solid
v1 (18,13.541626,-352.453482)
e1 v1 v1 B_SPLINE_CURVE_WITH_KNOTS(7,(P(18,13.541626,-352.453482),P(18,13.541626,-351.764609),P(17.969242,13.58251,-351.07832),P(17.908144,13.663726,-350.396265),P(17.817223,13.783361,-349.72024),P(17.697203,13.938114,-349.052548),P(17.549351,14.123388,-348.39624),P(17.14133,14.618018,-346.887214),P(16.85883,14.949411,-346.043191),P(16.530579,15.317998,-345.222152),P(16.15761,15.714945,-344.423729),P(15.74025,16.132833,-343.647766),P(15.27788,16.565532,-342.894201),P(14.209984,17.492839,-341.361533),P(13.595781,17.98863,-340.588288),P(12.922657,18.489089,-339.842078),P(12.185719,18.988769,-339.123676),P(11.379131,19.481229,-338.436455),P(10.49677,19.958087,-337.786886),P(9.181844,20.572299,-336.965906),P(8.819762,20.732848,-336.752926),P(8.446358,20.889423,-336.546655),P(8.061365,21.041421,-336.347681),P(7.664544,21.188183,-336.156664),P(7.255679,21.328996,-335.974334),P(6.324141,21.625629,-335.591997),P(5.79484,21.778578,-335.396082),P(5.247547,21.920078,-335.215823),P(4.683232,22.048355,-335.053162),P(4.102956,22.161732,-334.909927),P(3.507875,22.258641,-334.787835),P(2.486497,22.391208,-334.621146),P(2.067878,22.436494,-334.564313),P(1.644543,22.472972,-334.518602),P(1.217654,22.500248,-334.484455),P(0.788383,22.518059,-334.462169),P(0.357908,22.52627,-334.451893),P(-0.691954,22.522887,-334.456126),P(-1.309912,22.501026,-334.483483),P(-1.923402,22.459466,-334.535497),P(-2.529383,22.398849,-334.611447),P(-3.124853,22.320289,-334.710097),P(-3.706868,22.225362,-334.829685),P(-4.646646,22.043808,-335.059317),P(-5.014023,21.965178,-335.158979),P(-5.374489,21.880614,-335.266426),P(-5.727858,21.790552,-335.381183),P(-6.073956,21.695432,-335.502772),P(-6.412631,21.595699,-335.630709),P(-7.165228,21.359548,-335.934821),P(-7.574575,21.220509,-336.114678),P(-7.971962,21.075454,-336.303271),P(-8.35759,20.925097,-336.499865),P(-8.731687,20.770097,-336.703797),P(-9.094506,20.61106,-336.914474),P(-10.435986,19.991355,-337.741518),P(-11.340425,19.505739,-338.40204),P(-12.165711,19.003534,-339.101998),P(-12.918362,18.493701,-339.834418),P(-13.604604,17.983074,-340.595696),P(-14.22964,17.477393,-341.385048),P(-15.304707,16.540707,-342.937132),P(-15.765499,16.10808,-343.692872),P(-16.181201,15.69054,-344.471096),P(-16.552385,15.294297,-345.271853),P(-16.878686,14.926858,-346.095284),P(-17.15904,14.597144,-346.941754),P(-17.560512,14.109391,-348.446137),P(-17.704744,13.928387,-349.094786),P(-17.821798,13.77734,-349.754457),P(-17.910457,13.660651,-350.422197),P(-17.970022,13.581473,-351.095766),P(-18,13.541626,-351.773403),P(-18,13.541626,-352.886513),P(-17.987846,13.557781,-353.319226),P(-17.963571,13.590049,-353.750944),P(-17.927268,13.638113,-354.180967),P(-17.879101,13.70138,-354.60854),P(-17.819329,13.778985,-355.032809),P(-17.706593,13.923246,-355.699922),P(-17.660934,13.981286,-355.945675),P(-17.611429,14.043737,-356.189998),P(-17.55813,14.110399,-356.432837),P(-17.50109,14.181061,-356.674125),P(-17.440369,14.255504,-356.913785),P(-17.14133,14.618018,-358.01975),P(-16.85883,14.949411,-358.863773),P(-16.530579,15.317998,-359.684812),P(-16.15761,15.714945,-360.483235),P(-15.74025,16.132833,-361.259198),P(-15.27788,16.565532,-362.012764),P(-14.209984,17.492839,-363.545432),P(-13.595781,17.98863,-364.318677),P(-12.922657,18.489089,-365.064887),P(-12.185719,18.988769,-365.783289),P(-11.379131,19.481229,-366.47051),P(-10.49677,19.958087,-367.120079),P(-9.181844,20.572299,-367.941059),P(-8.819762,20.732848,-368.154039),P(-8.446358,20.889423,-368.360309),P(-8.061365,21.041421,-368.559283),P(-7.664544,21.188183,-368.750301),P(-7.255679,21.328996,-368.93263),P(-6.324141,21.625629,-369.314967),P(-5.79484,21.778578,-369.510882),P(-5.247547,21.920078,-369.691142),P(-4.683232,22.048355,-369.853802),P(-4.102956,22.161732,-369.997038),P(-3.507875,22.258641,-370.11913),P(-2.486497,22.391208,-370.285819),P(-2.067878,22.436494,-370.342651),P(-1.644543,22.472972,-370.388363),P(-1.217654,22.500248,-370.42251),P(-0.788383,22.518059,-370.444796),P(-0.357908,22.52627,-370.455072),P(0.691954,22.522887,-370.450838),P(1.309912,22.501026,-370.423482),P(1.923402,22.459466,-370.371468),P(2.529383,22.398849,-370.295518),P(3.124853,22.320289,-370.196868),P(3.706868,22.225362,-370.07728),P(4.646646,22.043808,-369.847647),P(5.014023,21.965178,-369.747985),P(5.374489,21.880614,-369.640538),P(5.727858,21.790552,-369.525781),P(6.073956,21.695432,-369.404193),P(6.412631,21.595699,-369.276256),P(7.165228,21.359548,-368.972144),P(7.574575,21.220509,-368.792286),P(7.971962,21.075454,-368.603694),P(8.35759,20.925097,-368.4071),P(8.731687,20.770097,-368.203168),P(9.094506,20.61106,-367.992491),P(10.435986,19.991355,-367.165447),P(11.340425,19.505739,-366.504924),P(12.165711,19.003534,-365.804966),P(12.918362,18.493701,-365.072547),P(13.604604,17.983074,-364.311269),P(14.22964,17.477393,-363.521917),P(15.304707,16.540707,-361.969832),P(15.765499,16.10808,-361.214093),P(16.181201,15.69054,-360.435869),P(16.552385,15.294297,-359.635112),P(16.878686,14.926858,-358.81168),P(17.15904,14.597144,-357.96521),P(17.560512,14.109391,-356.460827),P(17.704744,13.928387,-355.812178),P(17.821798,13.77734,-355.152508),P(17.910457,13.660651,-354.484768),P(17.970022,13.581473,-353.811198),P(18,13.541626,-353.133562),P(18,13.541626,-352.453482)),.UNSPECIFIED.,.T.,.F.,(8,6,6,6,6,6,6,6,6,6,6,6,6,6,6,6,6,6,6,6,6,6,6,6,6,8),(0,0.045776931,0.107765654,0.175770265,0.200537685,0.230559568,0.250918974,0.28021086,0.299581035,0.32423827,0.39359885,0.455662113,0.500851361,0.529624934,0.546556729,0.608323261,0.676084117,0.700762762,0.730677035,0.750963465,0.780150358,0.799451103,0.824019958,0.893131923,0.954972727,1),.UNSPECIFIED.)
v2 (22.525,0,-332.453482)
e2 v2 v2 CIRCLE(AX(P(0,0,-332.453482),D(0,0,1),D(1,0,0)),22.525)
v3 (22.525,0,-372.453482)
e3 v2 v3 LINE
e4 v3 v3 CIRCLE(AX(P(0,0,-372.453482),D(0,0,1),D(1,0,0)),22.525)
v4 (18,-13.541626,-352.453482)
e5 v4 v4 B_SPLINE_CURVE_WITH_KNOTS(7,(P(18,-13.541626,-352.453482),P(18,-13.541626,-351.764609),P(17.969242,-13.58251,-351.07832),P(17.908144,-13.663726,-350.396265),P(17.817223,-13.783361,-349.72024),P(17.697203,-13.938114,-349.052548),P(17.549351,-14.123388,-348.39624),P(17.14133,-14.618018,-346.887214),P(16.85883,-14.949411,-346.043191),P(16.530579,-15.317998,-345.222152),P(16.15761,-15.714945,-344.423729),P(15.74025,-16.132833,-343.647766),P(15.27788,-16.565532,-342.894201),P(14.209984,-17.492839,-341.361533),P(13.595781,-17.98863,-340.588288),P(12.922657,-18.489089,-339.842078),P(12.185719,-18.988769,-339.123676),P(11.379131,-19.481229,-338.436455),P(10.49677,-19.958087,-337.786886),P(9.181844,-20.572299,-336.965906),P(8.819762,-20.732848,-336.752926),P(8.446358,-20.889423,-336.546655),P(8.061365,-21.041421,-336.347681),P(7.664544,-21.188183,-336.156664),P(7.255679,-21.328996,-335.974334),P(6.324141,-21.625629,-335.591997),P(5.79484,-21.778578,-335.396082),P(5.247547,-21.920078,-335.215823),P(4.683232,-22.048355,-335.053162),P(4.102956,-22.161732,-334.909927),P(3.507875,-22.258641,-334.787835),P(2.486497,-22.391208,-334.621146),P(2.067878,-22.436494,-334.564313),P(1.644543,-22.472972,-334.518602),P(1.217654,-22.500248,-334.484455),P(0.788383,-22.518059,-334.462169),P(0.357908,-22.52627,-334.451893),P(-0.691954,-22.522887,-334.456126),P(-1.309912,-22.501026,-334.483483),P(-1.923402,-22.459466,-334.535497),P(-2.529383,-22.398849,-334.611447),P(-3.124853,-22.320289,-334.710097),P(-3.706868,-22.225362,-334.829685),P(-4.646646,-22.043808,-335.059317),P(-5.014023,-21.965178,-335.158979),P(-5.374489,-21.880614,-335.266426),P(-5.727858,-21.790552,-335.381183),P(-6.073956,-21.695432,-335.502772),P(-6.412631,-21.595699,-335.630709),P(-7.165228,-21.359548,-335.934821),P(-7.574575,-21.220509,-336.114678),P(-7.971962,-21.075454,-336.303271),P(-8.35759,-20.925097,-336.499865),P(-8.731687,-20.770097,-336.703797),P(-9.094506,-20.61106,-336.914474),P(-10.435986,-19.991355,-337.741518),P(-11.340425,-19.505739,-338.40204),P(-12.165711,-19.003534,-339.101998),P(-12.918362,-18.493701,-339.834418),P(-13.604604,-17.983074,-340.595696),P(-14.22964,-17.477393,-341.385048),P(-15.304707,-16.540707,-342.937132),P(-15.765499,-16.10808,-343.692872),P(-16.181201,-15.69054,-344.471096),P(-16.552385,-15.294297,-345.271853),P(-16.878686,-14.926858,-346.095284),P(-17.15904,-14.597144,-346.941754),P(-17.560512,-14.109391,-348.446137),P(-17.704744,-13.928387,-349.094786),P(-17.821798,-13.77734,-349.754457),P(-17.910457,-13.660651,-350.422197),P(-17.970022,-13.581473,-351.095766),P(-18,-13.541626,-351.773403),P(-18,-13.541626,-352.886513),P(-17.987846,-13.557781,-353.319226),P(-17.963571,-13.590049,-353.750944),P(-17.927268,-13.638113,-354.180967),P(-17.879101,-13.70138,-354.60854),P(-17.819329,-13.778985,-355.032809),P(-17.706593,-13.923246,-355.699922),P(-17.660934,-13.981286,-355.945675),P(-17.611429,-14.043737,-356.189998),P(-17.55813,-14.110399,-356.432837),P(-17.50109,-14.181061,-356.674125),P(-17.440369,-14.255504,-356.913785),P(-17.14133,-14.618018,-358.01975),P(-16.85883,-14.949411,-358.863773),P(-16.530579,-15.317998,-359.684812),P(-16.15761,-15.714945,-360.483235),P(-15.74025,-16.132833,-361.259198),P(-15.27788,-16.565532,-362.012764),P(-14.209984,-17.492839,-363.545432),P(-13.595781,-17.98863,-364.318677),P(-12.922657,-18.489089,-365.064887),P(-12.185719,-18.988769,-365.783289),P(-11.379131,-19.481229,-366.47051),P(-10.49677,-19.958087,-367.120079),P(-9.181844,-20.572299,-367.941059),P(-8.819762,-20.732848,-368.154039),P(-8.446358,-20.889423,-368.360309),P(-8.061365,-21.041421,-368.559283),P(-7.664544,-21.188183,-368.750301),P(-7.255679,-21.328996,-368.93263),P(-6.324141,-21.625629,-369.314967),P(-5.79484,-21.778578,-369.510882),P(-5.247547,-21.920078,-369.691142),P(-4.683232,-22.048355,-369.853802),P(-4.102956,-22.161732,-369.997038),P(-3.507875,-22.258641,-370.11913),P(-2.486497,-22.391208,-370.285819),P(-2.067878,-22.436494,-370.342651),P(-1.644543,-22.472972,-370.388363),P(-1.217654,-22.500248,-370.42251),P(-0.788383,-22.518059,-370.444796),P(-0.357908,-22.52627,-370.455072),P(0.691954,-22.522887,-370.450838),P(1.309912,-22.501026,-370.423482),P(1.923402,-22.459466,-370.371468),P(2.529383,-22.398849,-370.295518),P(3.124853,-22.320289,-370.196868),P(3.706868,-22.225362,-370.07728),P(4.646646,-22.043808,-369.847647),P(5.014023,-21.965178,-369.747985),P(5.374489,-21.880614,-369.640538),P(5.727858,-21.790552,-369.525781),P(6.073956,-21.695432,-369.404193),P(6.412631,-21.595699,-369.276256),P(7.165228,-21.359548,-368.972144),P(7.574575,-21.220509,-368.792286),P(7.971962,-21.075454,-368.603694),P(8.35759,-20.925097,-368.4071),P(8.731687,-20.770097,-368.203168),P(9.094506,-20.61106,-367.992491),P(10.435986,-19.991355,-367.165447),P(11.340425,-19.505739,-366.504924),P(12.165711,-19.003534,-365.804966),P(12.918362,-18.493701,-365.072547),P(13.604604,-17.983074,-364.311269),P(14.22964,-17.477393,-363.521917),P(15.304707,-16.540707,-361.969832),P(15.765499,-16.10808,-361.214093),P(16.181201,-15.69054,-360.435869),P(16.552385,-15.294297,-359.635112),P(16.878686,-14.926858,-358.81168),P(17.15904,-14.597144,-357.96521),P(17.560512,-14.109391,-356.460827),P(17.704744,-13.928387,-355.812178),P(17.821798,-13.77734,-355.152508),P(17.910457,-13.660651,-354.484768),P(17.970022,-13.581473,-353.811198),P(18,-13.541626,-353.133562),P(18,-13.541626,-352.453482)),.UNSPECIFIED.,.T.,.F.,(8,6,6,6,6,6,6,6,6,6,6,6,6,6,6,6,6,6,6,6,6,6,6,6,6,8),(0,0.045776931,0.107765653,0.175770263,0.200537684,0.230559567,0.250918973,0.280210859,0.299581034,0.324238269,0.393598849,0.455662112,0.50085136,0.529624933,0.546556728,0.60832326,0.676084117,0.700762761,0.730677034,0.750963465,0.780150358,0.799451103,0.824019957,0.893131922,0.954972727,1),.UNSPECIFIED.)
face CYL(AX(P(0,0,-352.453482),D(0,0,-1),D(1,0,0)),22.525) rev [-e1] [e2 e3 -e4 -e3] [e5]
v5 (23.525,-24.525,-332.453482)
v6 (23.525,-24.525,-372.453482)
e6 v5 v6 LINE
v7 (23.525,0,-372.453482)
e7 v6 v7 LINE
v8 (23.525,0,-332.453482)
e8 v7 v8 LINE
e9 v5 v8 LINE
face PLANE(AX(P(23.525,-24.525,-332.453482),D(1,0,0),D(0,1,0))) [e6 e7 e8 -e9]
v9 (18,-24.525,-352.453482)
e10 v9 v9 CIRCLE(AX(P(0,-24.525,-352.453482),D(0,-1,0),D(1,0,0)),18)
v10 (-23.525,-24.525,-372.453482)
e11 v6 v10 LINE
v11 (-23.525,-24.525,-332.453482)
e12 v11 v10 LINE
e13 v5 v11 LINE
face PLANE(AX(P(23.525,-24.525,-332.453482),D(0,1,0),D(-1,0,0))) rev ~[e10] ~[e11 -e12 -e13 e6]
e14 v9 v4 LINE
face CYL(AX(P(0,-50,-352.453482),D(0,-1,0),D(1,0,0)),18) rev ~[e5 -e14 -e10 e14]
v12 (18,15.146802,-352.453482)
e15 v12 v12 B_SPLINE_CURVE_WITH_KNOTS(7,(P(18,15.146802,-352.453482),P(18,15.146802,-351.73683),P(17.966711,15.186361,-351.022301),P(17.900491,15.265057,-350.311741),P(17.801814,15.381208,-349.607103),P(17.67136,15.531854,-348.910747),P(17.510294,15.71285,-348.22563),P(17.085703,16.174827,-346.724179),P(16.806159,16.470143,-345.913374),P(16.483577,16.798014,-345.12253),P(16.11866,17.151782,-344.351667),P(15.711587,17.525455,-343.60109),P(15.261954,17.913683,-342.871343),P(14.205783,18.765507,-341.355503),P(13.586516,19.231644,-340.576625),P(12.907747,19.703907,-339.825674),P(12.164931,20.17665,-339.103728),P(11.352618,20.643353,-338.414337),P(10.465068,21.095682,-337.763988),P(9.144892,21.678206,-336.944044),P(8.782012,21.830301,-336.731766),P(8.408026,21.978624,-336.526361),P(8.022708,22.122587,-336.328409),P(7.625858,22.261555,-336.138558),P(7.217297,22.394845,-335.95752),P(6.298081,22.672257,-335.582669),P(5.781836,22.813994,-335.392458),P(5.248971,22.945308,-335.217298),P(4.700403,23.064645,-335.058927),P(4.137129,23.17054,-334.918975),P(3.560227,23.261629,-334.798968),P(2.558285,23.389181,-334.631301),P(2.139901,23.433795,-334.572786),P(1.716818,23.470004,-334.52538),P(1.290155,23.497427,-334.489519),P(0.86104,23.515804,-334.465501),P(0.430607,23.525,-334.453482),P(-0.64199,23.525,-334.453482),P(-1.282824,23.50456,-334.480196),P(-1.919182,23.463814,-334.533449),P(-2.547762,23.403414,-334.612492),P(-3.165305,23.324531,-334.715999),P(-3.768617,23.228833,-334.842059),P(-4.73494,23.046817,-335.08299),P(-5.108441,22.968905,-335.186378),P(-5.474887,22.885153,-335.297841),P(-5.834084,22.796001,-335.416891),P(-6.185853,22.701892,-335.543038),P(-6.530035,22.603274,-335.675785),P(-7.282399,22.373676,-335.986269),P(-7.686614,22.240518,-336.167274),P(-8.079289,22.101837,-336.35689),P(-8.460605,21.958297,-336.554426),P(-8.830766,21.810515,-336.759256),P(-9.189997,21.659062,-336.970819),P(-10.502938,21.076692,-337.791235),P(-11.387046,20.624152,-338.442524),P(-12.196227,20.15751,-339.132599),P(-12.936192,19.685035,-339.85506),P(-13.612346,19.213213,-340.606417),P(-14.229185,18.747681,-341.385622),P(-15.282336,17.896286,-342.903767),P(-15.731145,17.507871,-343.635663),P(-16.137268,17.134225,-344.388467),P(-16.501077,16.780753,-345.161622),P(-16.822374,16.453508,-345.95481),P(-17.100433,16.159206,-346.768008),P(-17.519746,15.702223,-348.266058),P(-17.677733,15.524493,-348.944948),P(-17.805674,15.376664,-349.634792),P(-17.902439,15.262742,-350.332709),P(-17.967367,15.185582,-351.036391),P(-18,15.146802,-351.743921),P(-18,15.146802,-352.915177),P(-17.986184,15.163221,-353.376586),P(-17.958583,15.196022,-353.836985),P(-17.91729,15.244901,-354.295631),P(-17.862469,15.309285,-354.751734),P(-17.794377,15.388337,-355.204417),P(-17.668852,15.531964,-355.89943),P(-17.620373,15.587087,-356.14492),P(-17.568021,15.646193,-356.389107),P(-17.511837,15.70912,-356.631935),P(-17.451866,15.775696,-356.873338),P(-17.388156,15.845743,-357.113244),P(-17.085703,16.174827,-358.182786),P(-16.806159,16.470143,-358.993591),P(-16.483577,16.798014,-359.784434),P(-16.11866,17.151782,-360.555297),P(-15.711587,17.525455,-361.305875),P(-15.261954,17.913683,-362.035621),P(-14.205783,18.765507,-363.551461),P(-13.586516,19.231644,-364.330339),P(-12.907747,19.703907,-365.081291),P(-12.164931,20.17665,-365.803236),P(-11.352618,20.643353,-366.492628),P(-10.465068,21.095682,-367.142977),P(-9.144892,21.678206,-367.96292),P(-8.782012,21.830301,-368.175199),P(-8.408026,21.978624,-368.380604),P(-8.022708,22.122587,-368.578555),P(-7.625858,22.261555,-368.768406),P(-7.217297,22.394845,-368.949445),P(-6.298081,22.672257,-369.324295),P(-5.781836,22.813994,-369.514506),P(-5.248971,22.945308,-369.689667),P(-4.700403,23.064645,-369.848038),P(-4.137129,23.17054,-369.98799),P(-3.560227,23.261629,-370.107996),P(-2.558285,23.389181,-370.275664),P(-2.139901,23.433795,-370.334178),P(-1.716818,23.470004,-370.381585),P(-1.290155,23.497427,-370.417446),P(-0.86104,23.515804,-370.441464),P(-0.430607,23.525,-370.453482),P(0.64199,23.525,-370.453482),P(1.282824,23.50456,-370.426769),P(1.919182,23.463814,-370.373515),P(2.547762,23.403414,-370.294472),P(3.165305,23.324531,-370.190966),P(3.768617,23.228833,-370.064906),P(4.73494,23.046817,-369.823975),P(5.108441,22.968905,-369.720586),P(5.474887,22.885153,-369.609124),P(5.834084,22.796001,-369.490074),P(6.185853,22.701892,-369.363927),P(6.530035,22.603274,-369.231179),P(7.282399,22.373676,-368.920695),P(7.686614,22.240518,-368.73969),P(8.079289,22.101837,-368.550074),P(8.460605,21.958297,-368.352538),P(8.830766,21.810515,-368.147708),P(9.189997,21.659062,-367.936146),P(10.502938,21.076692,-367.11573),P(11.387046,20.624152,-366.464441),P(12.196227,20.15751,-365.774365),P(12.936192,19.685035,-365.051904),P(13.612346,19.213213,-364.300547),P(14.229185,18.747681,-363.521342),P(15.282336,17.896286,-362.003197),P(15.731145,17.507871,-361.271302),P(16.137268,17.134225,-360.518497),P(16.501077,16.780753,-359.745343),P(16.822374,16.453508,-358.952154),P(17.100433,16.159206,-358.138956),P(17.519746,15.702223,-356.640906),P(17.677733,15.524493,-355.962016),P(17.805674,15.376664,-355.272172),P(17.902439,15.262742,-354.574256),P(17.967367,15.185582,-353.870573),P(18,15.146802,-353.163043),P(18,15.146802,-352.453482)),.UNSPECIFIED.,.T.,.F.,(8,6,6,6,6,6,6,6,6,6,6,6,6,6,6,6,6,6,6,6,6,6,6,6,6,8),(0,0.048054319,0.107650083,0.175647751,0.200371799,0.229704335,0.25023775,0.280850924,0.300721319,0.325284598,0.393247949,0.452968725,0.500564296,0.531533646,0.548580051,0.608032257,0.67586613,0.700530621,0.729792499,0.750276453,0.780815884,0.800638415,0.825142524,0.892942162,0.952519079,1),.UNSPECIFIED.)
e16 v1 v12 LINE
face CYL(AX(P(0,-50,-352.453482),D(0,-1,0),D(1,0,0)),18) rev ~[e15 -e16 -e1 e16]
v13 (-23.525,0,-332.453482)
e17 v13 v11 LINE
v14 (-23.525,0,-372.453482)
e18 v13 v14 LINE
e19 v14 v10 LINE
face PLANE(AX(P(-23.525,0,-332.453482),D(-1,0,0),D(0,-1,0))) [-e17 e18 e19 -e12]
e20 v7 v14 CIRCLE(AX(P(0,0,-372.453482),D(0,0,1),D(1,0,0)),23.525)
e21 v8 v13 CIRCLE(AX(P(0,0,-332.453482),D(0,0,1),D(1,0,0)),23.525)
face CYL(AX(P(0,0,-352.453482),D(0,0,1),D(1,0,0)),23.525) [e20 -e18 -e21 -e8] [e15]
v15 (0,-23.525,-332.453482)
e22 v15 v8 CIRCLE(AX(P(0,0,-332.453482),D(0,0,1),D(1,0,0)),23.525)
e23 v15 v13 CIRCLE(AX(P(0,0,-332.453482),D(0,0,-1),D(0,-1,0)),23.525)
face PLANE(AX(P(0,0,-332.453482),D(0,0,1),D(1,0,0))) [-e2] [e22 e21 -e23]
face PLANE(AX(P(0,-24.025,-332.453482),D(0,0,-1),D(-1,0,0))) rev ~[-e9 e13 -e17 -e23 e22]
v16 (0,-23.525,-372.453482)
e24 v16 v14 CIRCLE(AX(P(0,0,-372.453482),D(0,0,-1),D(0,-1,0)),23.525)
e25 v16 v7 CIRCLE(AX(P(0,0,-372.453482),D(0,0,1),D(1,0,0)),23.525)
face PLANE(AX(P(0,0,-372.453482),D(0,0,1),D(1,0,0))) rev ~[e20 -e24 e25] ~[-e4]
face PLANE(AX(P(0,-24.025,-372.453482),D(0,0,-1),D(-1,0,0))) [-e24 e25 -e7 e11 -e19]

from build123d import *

# Parameters (mm, degrees)
BOSS_EXTRUDE1_START = -352.453482
SKETCH1_R           = 23.525
SKETCH1_R_2         = 22.525
BOSS_EXTRUDE1_DEPTH = 20
BOSS_EXTRUDE2_DEPTH = 40
SKETCH3_R           = 18
CUT_EXTRUDE1_DEPTH  = 74.525


with BuildPart() as part:
    # Sketch1 → Boss-Extrude1 (new body, symmetric)
    with BuildSketch(Plane.XY.offset(BOSS_EXTRUDE1_START)):
        Circle(SKETCH1_R)
        Circle(SKETCH1_R_2, mode=Mode.SUBTRACT)
    extrude(amount=BOSS_EXTRUDE1_DEPTH, both=True)

    # Sketch4 → Boss-Extrude2 (add)
    with BuildSketch(Plane.XY.offset(-332.453482287)):
        Polygon((23.525, -23.525), (23.525, -24.525), (-23.525, -24.525), (-23.525, -23.525), (0, -23.525), align=None)
        with BuildLine():
            ThreePointArc((0, -23.525), (-16.634687027, -16.634687027), (-23.525, 0))
            Line((-23.525, 0), (-23.525, -23.525))
            Line((-23.525, -23.525), (0, -23.525))
        make_face()
        with BuildLine():
            Line((23.525, -23.525), (23.525, 0))
            ThreePointArc((23.525, 0), (16.634687027, -16.634687027), (0, -23.525))
            Line((0, -23.525), (23.525, -23.525))
        make_face()
    extrude(amount=-BOSS_EXTRUDE2_DEPTH)

    # Sketch3 → Cut-Extrude1 (cut, through all)
    with BuildSketch(Plane.XZ.offset(50)):
        with Locations((0, -352.453482287)):
            Circle(SKETCH3_R)
    extrude(amount=-CUT_EXTRUDE1_DEPTH, mode=Mode.SUBTRACT)


solid = part.part
